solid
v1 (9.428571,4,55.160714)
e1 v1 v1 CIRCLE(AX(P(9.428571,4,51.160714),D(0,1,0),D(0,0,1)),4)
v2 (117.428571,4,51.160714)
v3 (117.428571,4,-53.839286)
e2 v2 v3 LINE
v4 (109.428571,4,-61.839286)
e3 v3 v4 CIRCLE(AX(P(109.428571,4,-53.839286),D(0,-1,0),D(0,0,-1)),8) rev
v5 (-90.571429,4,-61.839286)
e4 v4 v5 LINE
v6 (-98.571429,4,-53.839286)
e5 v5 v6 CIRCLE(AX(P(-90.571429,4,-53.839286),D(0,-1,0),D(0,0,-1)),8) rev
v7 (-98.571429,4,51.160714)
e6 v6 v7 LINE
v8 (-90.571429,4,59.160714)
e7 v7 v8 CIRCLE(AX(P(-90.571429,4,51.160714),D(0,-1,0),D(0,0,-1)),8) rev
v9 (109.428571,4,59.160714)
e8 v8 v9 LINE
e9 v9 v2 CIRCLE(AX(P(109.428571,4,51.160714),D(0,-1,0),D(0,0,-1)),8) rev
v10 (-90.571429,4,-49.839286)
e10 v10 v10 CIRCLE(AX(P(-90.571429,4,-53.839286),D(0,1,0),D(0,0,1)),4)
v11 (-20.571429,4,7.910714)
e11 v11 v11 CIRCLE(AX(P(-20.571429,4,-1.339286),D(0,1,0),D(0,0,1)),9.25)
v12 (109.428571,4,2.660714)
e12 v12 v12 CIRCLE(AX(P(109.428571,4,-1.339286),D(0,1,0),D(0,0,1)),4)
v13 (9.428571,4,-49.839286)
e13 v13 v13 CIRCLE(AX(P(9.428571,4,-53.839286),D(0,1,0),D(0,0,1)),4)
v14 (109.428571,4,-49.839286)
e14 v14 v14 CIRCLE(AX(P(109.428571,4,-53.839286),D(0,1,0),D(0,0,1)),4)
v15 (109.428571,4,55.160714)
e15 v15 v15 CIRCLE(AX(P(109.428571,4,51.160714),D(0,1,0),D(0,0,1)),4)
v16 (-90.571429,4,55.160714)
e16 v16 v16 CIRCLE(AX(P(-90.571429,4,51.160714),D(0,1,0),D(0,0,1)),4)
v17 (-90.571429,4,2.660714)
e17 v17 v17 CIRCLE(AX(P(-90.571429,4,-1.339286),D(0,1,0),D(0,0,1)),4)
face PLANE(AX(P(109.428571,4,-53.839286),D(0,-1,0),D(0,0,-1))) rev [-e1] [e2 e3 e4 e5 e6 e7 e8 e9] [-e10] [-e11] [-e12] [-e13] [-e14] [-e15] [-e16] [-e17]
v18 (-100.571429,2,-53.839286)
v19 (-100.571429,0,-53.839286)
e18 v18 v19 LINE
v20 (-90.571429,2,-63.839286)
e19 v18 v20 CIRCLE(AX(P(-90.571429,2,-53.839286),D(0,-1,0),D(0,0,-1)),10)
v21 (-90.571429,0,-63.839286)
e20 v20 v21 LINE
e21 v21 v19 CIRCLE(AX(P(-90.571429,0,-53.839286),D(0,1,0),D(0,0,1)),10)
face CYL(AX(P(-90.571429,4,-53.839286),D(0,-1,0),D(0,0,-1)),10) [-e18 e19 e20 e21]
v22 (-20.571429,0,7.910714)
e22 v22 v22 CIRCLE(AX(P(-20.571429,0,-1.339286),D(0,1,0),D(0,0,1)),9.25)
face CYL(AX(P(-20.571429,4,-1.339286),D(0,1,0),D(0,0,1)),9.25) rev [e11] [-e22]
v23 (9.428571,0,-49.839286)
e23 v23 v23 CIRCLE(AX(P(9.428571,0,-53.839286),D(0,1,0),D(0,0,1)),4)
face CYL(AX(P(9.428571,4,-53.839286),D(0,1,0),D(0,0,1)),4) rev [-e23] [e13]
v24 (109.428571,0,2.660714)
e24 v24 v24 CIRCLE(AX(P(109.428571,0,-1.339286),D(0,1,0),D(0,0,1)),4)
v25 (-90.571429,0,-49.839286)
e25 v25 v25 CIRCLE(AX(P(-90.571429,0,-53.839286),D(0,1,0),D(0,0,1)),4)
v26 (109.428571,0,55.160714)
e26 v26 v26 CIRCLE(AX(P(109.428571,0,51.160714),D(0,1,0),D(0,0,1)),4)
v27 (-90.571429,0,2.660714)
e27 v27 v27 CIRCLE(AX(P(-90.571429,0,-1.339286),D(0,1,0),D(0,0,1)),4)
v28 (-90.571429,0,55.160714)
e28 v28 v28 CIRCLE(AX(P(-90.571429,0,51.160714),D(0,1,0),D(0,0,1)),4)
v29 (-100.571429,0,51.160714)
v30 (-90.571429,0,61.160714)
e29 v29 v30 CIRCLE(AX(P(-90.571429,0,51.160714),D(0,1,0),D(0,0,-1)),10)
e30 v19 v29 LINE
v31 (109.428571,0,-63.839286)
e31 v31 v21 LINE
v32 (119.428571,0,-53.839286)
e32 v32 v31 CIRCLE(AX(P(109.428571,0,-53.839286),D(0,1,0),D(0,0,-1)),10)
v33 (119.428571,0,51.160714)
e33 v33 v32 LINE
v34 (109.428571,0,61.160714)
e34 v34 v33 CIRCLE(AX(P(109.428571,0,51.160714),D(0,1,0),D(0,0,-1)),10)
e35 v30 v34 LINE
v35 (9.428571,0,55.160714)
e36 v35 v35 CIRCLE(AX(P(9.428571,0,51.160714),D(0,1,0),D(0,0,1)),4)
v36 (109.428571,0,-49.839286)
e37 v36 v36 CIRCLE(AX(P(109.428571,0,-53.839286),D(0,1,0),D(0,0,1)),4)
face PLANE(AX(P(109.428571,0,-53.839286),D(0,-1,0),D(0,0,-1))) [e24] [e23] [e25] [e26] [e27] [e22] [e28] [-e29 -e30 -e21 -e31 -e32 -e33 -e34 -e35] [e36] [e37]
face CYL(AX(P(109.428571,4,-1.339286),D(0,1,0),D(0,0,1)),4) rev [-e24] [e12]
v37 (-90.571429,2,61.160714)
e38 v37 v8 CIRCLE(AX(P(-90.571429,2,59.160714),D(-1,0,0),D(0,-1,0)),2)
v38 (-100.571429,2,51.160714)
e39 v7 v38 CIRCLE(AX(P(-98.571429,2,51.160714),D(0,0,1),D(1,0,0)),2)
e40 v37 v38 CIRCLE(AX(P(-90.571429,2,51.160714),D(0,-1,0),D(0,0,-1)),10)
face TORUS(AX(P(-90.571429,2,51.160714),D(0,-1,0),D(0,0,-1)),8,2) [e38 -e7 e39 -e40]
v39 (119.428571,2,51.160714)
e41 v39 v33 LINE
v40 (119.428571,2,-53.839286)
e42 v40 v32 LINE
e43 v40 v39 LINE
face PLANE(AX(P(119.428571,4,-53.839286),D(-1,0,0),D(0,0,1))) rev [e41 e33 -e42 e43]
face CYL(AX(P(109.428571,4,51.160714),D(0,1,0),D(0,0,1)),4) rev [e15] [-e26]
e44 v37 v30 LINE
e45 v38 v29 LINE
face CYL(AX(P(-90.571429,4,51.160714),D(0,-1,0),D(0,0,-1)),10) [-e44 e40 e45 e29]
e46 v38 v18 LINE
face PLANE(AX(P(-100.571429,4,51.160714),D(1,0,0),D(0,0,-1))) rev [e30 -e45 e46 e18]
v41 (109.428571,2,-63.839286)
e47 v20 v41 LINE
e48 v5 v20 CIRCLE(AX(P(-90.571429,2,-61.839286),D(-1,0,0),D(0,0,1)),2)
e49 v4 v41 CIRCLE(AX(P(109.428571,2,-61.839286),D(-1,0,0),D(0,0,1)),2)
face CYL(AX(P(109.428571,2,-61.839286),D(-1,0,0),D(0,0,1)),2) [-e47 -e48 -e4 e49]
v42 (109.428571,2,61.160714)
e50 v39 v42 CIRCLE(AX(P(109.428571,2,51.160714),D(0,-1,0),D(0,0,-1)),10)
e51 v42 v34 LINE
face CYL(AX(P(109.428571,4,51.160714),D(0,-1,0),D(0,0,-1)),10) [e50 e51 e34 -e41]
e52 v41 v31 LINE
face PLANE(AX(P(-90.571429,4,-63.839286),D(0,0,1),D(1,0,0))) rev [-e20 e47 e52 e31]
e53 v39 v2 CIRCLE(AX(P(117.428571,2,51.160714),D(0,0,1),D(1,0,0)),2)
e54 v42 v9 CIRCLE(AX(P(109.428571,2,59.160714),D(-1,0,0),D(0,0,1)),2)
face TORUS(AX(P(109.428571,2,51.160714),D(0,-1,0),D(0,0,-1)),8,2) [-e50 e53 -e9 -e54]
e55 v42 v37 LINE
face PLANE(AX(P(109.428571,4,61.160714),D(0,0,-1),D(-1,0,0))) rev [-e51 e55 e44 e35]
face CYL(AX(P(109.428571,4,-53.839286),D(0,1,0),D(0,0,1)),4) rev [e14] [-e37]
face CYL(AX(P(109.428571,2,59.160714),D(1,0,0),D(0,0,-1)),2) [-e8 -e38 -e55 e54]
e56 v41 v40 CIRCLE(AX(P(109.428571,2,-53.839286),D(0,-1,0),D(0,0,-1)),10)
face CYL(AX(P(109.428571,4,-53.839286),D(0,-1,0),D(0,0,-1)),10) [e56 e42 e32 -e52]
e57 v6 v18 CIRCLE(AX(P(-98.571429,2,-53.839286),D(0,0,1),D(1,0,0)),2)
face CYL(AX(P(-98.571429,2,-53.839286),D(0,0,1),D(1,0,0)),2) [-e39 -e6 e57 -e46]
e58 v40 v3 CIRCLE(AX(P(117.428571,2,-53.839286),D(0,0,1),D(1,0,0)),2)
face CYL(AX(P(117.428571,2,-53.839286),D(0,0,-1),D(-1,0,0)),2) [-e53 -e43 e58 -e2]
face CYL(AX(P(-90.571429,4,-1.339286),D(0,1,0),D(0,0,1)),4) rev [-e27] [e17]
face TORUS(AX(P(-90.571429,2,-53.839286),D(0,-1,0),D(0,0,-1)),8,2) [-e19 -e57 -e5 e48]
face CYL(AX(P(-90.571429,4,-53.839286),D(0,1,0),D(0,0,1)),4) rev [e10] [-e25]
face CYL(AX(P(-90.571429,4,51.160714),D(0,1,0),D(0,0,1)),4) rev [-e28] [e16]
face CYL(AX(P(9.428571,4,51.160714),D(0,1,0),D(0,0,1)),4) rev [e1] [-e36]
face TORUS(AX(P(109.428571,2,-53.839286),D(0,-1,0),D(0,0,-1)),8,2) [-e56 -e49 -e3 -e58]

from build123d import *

# Parameters (mm, degrees)
BOSS_EXTRUDE1_DEPTH    = 4
FILLET1_R              = 2
F_8_0MM_DOWEL_HOLE1_D  = 8
M20X1_5_TAPPED_HOLE1_D = 18.5


with BuildPart() as part:
    # Sketch1 → Boss-Extrude1 (new body)
    with BuildSketch(Plane(origin=(0, 0, 0), x_dir=(1, 0, 0), z_dir=(0, 1, 0))):
        with BuildLine():
            Line((-90.571428571, 63.839285714), (109.428571429, 63.839285714))
            ThreePointArc((109.428571429, 63.839285714), (116.49963924, 60.910353526), (119.428571429, 53.839285714))
            Line((119.428571429, 53.839285714), (119.428571429, -51.160714286))
            ThreePointArc((119.428571429, -51.160714286), (116.49963924, -58.231782098), (109.428571429, -61.160714286))
            Line((109.428571429, -61.160714286), (-90.571428571, -61.160714286))
            ThreePointArc((-90.571428571, -61.160714286), (-97.642496383, -58.231782098), (-100.571428571, -51.160714286))
            Line((-100.571428571, -51.160714286), (-100.571428571, 53.839285714))
            ThreePointArc((-100.571428571, 53.839285714), (-97.642496383, 60.910353526), (-90.571428571, 63.839285714))
        make_face()
    extrude(amount=BOSS_EXTRUDE1_DEPTH)

    # Fillet1
    fillet1_edges = [part.edges().sort_by_distance(p)[0] for p in [
        (-97.642496383, 4, -60.910353526),
        (-100.571428571, 4, -1.339285714),
        (-97.642496383, 4, 58.231782098),
        (9.428571429, 4, 61.160714286),
        (116.49963924, 4, 58.231782098),
        (119.428571429, 4, -1.339285714),
        (116.49963924, 4, -60.910353526),
        (9.428571429, 4, -63.839285714),
    ]]
    fillet(fillet1_edges, radius=FILLET1_R)

    # Ø8.0mm Dowel Hole1 (through all)
    with Locations(Plane(origin=(0, 4, 0), x_dir=(1, 0, 0), z_dir=(0, 1, 0))):
        with Locations((-90.571428571, 53.839285714), (109.428571429, 53.839285714), (-90.571428571, -51.160714286), (109.428571429, -51.160714286), (109.428571429, 1.339285714), (9.428571429, 53.839285714), (-90.571428571, 1.339285714), (9.428571429, -51.160714286)):
            Hole(F_8_0MM_DOWEL_HOLE1_D / 2)

    # M20x1.5 Tapped Hole1 (through all)
    with Locations(Plane(origin=(0, 4, 0), x_dir=(1, 0, 0), z_dir=(0, 1, 0))):
        with Locations((-20.571428571, 1.339285714)):
            Hole(M20X1_5_TAPPED_HOLE1_D / 2)


solid = part.part
